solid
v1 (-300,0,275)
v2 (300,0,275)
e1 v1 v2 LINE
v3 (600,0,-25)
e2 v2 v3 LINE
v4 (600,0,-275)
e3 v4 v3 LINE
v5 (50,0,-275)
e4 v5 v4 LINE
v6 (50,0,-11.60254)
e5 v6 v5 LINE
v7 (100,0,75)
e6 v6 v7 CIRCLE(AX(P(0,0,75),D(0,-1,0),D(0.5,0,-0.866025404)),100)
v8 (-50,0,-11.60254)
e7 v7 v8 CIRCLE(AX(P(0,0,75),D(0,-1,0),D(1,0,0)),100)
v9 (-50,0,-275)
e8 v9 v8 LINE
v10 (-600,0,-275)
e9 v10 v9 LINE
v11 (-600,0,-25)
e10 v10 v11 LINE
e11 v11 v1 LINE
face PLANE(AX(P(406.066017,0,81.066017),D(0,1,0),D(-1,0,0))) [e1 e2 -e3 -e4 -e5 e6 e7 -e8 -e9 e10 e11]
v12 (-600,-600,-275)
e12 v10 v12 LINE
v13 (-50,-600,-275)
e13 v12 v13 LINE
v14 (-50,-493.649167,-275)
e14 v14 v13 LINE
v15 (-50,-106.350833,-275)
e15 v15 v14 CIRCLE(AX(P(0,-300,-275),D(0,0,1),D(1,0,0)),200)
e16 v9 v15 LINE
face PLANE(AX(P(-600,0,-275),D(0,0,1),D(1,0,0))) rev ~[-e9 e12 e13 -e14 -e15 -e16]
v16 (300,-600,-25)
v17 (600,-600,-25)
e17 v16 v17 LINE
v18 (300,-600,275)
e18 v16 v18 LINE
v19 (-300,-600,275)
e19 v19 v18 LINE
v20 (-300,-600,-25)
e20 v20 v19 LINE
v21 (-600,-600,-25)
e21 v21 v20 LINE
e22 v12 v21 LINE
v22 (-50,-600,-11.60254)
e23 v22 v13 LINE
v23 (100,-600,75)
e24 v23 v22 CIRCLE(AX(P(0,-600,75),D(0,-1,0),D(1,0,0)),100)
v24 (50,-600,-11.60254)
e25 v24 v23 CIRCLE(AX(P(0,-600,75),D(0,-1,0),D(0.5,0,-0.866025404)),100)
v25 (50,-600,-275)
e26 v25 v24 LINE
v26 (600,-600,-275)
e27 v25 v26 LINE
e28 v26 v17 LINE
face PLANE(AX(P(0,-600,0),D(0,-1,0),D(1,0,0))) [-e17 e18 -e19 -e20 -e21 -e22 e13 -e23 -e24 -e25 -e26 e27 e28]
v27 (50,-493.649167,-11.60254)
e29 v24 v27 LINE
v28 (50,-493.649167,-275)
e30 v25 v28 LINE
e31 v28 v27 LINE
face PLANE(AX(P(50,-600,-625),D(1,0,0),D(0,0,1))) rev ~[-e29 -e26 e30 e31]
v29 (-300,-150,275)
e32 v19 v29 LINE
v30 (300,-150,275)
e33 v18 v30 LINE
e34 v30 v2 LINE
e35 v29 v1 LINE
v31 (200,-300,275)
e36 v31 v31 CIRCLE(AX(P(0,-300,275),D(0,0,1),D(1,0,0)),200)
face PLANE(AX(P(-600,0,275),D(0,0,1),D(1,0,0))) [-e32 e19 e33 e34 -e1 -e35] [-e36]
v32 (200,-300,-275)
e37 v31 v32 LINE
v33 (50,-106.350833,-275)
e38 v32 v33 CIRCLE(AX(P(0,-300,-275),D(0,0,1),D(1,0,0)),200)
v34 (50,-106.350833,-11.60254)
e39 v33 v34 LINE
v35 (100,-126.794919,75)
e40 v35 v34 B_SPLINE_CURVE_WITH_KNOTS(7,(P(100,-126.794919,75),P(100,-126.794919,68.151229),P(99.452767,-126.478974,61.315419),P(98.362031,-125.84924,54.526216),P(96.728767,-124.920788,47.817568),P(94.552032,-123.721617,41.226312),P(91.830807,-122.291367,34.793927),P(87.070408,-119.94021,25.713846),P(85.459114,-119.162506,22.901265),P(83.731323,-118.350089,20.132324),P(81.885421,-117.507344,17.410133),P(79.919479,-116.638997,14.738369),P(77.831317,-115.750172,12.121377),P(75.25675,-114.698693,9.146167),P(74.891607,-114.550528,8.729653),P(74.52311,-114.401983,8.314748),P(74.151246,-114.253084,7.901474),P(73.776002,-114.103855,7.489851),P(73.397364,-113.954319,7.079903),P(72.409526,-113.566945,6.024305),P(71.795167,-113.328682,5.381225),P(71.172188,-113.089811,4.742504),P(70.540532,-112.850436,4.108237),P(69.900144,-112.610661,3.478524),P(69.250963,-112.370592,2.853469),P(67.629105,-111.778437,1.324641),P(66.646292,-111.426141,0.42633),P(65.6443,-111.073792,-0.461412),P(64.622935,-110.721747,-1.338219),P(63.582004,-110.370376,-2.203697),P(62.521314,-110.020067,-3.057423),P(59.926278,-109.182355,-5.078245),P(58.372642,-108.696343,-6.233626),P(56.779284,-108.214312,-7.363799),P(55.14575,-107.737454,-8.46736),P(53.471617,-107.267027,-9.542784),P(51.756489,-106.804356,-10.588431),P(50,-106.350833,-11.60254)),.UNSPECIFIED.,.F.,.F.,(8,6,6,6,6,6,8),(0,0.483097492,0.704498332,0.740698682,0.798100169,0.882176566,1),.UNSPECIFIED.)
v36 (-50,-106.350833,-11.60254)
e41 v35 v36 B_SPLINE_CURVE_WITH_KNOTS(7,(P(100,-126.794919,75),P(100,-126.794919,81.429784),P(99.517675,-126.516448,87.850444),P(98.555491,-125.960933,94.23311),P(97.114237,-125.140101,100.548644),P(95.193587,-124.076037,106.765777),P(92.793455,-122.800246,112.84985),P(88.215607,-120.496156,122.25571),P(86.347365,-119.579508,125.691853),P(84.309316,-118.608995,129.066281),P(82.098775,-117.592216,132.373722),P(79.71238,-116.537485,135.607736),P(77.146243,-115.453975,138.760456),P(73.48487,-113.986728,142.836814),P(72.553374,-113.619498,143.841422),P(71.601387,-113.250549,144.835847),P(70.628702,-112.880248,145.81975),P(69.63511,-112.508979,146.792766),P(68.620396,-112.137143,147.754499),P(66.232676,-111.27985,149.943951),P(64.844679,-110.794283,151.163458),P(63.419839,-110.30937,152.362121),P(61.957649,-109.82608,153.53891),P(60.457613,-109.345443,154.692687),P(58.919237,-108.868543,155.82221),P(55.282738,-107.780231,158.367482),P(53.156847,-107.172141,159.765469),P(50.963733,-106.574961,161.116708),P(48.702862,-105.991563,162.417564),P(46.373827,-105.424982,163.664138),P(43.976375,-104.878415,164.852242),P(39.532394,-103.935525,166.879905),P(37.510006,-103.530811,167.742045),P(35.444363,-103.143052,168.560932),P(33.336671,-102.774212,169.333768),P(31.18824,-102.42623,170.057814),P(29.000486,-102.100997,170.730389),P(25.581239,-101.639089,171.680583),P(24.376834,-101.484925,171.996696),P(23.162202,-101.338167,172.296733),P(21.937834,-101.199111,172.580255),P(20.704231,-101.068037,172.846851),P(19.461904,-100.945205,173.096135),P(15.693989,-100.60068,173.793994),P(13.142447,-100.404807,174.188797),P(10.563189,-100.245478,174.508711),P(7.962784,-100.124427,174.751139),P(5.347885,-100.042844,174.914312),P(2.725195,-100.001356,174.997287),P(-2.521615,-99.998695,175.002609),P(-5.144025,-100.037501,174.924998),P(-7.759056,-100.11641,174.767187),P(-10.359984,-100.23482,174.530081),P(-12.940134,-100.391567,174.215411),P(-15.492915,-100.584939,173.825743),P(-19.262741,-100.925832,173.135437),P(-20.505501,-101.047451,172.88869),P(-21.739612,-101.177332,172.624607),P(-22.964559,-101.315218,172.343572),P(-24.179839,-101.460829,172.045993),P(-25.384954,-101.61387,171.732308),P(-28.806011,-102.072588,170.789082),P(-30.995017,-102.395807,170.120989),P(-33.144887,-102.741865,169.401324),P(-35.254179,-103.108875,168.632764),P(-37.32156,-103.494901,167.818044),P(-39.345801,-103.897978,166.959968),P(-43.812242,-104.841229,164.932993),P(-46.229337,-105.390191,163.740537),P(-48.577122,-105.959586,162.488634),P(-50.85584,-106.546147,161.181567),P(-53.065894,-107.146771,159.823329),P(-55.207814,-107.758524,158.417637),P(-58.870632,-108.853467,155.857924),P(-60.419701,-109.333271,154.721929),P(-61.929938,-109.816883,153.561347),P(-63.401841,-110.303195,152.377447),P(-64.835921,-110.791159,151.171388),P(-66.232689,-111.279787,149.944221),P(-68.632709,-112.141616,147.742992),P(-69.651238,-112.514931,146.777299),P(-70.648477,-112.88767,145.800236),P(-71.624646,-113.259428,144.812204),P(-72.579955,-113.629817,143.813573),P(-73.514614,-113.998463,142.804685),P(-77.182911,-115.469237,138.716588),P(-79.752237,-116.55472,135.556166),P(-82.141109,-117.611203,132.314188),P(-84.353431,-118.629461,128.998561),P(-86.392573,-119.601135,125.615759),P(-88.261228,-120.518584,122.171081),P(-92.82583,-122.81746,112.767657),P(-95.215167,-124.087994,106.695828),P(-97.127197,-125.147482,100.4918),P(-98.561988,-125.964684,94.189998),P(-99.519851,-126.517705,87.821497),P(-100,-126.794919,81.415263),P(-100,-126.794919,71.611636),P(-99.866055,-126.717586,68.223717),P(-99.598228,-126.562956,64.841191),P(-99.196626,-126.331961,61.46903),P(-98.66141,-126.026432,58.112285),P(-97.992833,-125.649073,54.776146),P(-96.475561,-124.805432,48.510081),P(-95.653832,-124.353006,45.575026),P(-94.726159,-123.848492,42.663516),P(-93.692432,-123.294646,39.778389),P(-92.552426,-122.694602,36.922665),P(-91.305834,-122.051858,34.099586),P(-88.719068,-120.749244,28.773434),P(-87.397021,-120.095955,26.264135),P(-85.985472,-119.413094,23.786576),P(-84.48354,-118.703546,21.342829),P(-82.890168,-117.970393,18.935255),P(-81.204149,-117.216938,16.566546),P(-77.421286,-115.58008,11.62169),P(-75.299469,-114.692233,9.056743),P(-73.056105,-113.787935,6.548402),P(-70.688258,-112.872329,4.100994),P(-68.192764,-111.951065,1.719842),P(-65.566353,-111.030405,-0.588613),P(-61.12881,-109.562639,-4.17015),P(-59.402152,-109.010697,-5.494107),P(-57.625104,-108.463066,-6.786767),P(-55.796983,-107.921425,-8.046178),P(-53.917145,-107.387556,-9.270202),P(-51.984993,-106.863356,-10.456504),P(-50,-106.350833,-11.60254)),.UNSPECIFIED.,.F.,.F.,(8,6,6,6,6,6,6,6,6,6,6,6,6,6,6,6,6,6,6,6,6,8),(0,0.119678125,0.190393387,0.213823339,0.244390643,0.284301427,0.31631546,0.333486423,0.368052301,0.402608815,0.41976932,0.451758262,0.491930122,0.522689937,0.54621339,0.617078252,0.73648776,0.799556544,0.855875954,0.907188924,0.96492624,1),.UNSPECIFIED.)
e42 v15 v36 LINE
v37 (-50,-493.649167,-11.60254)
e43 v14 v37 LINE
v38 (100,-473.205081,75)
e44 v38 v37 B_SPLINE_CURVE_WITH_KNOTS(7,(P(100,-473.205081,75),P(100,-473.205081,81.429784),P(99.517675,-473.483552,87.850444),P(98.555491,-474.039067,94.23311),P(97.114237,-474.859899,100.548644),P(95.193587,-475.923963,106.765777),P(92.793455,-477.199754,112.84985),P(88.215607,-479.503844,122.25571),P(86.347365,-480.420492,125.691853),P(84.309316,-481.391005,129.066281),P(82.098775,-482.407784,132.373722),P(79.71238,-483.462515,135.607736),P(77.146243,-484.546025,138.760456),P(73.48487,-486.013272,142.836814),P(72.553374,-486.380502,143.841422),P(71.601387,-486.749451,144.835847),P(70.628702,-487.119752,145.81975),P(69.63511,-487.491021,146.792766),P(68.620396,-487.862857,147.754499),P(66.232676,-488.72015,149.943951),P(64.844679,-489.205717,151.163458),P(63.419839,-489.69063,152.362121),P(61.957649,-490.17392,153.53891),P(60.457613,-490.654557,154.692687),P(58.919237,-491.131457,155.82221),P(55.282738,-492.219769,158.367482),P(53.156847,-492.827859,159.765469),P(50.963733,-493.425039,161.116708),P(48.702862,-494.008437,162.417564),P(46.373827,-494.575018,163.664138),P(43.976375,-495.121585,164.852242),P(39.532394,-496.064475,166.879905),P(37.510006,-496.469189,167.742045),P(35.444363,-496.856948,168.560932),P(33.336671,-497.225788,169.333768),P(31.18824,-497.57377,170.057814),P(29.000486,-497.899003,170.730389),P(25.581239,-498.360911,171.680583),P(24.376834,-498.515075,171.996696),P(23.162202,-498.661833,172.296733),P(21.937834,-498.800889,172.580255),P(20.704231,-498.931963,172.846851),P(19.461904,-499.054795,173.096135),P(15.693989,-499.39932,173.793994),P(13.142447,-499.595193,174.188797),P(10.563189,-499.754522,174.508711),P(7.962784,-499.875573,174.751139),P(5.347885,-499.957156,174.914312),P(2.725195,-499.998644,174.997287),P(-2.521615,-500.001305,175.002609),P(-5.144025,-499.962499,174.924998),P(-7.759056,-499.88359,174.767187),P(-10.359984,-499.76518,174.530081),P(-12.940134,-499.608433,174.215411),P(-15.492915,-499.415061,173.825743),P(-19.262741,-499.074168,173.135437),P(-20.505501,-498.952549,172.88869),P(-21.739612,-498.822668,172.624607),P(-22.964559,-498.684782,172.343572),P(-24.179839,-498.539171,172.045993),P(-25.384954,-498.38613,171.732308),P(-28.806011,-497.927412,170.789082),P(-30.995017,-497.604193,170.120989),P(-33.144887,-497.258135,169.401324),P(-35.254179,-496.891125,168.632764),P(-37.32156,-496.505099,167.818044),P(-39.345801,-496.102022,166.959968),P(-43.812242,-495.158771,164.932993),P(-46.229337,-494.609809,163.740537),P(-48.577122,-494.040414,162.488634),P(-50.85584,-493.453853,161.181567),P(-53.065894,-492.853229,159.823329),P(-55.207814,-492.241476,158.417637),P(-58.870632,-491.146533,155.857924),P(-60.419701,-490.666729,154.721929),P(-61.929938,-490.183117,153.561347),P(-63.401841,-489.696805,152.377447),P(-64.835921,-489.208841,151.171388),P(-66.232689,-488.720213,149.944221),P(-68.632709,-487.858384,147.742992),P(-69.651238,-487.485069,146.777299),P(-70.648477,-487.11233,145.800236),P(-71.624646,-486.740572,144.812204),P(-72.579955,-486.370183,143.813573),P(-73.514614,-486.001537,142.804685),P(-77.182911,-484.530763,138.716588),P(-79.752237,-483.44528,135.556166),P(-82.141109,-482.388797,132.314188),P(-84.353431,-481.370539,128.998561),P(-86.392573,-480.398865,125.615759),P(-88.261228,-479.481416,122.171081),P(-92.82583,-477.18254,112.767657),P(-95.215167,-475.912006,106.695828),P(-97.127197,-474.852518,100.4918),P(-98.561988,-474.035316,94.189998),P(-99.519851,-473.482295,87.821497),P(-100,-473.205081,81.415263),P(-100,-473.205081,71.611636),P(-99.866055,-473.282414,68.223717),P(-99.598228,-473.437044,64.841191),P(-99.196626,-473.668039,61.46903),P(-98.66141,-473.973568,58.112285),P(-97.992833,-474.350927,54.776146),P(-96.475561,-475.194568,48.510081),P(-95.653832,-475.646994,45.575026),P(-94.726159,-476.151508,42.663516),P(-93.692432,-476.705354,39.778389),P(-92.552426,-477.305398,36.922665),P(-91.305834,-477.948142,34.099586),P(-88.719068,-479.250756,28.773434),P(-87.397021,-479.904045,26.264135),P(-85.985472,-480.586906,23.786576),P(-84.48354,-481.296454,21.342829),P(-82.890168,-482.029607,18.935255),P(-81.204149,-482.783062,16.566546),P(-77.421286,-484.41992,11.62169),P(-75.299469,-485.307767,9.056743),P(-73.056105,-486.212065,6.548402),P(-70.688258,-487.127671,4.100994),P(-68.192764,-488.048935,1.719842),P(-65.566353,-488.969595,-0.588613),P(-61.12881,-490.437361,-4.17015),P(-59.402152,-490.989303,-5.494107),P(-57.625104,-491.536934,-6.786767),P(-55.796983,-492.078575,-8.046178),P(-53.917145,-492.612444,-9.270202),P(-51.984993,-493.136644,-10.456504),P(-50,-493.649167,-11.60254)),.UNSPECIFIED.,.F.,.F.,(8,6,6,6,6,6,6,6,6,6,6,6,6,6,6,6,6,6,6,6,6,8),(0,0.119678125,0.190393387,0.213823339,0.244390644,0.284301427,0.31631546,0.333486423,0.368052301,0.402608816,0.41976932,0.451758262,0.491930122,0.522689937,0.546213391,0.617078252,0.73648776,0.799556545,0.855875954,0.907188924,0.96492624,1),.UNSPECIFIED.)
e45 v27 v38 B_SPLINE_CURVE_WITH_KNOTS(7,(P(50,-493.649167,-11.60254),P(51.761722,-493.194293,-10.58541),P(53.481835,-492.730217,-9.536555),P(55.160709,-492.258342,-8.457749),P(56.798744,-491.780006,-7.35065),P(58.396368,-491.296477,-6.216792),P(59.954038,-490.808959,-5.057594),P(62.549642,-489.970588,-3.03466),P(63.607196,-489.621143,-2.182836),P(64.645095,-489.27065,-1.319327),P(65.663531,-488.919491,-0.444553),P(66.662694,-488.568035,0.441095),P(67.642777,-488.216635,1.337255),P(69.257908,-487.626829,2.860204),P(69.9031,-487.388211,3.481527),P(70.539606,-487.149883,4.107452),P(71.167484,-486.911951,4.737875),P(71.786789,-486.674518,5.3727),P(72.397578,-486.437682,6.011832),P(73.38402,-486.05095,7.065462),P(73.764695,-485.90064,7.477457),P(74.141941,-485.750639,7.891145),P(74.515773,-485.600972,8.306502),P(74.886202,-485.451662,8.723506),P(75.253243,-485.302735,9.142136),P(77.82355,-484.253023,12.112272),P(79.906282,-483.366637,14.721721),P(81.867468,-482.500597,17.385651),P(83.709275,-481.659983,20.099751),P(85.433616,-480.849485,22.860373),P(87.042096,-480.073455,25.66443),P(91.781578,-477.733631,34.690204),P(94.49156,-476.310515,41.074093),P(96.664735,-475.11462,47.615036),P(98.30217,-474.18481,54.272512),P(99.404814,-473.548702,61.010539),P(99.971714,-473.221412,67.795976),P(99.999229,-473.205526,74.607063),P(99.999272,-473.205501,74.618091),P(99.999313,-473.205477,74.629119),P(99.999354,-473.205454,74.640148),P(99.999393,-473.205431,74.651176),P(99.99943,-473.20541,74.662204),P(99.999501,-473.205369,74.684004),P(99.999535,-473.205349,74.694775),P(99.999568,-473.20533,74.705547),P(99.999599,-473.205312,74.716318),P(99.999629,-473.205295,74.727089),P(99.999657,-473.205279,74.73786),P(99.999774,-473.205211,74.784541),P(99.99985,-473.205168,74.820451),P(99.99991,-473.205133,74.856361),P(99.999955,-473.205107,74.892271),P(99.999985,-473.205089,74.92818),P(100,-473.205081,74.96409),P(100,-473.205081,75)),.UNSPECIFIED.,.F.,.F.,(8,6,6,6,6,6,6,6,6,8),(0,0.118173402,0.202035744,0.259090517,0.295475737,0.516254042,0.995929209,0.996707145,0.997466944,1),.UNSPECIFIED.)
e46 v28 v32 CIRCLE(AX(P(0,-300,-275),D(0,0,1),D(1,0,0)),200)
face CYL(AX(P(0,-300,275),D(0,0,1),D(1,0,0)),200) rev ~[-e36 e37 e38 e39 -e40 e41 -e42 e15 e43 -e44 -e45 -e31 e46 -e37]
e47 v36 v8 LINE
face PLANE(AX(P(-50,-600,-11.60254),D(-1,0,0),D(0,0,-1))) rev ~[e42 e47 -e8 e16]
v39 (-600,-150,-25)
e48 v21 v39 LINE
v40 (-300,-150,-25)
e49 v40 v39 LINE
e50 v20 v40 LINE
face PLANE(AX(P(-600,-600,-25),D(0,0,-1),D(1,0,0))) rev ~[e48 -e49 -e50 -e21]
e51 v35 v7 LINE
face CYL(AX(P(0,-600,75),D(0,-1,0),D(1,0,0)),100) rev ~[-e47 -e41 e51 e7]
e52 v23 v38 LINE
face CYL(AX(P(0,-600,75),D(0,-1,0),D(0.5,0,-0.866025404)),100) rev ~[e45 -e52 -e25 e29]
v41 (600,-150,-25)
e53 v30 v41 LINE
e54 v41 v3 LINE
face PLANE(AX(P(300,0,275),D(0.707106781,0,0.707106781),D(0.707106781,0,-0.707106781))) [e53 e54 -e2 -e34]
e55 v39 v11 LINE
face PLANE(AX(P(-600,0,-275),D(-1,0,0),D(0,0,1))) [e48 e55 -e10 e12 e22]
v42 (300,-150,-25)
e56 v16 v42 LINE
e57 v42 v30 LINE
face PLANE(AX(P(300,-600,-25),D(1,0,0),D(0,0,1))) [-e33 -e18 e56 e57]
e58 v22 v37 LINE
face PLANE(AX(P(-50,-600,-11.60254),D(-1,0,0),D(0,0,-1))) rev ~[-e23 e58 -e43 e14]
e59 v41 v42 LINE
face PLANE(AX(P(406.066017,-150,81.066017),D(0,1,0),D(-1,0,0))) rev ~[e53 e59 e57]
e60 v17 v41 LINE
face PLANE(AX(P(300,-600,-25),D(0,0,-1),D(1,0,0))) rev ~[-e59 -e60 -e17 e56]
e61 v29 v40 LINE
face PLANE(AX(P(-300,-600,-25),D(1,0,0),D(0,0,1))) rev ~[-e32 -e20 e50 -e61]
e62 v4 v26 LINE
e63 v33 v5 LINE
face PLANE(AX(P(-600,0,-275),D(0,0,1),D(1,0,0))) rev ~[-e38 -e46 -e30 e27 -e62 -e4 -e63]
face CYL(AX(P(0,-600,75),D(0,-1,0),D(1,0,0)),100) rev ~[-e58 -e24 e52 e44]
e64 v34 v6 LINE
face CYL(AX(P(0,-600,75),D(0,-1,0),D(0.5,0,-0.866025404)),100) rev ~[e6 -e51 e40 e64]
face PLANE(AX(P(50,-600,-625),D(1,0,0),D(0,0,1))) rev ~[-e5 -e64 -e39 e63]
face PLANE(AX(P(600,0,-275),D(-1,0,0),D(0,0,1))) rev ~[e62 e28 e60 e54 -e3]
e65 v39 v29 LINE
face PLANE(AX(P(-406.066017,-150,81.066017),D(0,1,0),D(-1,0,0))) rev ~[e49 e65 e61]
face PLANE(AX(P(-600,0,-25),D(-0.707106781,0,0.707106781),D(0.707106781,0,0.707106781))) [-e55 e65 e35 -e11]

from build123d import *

# Parameters (mm, degrees)
F0_W     = 1200
F0_H     = 550
F1_DEPTH = 600
F2_W     = 300
F2_H     = 300
F3_DEPTH = 600.001
F5_DEPTH = 150
F6_R     = 200
F7_DEPTH = 550.001
F9_DEPTH = 600.001


with BuildPart() as f1:
    # F0 (on Front) → F1 (new body)
    with BuildSketch(Plane.XZ):
        Rectangle(F0_W, F0_H)
    extrude(amount=F1_DEPTH)

    # F2 (on face) → F3 (cut, through all)
    with BuildSketch(Plane.XZ.offset(600)):
        with Locations((-450, 125)):
            Rectangle(F2_W, F2_H)
        with Locations((450, 125)):
            Rectangle(F2_W, F2_H)
    extrude(amount=-F3_DEPTH, mode=Mode.SUBTRACT)

    # F4 (on face) → F5 (join)
    with BuildSketch(Plane(origin=(0, 0, 0), x_dir=(-1, 0, 0), z_dir=(0, 1, 0))):
        Polygon((-300, -25), (-300, 275), (-600, -25), align=None)
        Polygon((600, -25), (300, 275), (300, -25), align=None)
    extrude(amount=-F5_DEPTH)

    # F6 (on face) → F7 (cut, through all)
    with BuildSketch(Plane.XY.offset(275)):
        with Locations((0, -300)):
            Circle(F6_R)
    extrude(amount=-F7_DEPTH, mode=Mode.SUBTRACT)

    # F8 (on face) → F9 (cut, through all)
    with BuildSketch(Plane.XZ.offset(600)):
        with BuildLine():
            ThreePointArc((50, -11.6025403784), (86.6025403784, 25), (100, 75))
            ThreePointArc((100, 75), (-50, 161.6025403784), (-50, -11.6025403784))
            Line((-50, -11.6025403784), (-50, 75))
            Line((-50, 75), (50, 75))
            Line((50, 75), (50, -11.6025403784))
        make_face()
        with BuildLine():
            Line((-50, 75), (-50, -11.6025403784))
            ThreePointArc((-50, -11.6025403784), (0, -25), (50, -11.6025403784))
            Line((50, -11.6025403784), (50, 75))
            Line((50, 75), (-50, 75))
        make_face()
        with BuildLine():
            ThreePointArc((50, -11.6025403784), (0, -25), (-50, -11.6025403784))
            Line((-50, -11.6025403784), (-50, -625))
            Line((-50, -625), (50, -625))
            Line((50, -625), (50, -11.6025403784))
        make_face()
    extrude(amount=-F9_DEPTH, mode=Mode.SUBTRACT)


solid = f1.part
